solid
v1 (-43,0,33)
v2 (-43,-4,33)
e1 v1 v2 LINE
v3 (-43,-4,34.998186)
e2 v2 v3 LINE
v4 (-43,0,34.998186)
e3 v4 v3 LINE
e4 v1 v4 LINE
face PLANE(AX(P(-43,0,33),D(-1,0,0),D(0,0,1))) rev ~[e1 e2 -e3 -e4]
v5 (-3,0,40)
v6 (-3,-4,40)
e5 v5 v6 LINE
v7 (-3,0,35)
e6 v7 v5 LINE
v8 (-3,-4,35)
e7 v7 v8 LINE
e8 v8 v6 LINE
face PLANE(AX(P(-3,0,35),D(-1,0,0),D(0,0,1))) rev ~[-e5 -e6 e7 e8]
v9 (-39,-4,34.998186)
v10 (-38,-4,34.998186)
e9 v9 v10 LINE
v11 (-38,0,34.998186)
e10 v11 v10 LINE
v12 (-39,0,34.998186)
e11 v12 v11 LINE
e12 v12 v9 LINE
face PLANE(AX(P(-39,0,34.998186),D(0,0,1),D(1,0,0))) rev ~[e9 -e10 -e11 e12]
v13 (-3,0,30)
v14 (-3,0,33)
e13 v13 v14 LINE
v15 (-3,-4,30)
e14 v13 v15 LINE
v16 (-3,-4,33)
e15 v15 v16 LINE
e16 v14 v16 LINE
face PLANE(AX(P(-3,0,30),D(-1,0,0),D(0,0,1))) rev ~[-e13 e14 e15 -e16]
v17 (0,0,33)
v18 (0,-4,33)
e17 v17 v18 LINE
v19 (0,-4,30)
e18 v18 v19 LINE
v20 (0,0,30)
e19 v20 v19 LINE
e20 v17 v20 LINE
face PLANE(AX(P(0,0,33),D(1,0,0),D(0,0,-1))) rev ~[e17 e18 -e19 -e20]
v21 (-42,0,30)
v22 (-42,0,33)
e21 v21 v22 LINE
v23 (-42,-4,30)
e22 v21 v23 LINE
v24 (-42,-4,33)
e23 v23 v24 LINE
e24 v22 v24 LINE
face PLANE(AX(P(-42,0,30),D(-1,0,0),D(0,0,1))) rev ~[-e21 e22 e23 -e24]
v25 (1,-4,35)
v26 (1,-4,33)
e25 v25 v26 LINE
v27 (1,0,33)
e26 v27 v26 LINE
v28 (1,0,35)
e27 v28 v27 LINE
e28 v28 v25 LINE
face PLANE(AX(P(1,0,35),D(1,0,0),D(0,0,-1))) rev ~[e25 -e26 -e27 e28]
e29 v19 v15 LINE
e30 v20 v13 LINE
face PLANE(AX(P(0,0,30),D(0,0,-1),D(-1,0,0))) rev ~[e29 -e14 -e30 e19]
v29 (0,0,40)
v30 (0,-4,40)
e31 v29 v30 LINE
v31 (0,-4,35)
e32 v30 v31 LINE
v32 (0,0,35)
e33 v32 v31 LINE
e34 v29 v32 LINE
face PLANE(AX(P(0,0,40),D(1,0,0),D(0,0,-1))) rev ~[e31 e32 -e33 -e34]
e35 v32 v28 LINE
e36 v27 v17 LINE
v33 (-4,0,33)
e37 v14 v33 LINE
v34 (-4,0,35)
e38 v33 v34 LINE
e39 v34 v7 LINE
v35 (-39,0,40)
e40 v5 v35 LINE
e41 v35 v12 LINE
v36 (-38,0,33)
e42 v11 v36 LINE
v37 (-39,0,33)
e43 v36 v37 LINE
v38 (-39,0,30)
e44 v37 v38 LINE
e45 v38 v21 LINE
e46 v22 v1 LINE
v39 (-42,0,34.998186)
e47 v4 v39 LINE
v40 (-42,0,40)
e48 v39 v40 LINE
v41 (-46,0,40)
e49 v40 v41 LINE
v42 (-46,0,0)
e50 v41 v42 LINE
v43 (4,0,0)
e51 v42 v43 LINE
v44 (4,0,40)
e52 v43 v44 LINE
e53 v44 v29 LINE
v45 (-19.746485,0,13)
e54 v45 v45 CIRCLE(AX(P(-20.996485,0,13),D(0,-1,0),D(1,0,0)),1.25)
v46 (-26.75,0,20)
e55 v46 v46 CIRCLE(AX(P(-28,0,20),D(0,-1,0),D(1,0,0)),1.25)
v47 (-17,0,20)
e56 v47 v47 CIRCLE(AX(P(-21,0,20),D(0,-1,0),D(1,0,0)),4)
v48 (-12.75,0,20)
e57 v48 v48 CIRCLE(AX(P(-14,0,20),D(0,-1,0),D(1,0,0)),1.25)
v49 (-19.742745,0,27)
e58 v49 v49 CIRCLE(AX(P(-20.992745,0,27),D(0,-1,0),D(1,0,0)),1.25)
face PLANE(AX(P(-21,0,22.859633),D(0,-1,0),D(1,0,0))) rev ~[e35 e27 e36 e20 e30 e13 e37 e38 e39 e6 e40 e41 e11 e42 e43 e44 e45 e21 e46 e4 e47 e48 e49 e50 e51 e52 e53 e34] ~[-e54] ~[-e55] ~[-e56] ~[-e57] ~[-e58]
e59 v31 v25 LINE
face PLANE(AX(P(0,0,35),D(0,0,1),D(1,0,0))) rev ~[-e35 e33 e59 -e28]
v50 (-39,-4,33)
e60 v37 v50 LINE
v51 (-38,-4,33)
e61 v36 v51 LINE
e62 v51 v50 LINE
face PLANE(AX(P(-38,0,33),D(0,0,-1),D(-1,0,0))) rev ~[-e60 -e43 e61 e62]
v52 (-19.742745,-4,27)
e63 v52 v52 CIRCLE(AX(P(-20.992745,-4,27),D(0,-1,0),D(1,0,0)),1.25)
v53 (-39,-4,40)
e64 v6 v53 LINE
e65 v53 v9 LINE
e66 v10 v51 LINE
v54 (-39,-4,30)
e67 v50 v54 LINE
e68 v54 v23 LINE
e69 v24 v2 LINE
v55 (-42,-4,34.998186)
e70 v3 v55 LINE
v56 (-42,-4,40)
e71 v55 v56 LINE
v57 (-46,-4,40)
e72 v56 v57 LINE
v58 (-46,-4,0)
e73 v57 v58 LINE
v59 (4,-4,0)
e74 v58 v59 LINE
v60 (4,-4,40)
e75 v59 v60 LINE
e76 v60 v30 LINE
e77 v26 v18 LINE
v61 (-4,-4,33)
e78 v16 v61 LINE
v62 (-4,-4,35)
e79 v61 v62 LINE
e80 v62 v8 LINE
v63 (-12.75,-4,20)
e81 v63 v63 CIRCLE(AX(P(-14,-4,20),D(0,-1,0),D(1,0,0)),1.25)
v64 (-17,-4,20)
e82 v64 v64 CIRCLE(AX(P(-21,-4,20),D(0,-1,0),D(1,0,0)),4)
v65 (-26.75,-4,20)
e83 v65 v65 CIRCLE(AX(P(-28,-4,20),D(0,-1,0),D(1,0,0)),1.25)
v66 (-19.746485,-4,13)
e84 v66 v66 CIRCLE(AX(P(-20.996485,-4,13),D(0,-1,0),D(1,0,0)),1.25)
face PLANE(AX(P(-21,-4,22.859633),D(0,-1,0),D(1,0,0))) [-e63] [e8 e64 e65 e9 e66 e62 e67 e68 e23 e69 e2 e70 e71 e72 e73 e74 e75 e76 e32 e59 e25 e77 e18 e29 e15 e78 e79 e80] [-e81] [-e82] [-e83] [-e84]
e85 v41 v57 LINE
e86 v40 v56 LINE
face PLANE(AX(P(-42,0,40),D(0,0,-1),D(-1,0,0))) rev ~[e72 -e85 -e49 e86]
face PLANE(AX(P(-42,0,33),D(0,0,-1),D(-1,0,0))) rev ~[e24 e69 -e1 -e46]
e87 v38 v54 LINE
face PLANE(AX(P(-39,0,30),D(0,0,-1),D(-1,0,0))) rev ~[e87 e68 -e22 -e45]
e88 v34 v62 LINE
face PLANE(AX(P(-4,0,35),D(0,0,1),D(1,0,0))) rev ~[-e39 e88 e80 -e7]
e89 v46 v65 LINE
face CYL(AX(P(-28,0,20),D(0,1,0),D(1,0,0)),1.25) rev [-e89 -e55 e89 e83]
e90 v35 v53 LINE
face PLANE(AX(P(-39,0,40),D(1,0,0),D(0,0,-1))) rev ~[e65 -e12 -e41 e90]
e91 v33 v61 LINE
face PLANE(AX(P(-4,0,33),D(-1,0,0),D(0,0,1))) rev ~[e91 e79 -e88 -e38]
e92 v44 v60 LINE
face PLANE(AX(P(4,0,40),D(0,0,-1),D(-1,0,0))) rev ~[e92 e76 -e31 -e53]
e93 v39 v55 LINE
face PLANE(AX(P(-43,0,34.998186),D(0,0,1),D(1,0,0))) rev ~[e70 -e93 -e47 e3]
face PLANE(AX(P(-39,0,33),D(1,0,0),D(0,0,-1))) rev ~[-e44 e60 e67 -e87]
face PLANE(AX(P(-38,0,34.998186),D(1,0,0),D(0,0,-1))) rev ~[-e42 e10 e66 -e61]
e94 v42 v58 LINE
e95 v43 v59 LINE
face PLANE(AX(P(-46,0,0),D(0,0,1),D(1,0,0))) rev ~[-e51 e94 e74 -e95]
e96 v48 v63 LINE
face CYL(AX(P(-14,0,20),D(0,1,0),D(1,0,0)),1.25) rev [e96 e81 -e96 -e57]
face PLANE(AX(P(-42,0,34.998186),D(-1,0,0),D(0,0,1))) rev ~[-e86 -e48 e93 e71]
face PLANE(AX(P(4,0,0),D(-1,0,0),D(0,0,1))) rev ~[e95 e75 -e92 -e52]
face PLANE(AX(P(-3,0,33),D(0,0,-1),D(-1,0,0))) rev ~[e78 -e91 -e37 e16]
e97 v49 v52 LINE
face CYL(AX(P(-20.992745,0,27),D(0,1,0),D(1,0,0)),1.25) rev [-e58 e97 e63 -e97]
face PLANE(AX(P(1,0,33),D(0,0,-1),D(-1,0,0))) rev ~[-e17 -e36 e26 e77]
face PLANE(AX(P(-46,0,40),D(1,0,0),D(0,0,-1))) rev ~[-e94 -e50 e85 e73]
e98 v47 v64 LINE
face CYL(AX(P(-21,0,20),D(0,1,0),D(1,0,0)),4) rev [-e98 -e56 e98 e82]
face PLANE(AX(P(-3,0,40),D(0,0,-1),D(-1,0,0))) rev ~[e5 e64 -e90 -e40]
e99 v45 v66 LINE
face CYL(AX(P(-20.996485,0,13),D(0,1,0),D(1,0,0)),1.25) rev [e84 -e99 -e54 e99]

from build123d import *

# Parameters (mm, degrees)
F0_R     = 1.25
F0_R_2   = 4
F1_DEPTH = 4


with BuildPart() as f1:
    # F0 (on Front) → F1 (new body)
    with BuildSketch(Plane.XZ):
        Polygon((-42, 40), (-46, 40), (-46, 0), (4, 0), (4, 35), (4, 40), (0, 40), (0, 35), (1, 35), (1, 33), (0, 33), (0, 30), (-3, 30), (-3, 33), (-4, 33), (-4, 35), (-3, 35), (-3, 40), (-39, 40), (-39, 34.998186), (-38, 34.998186), (-38, 33), (-39, 33), (-39, 30), (-42, 30), (-42, 33), (-43, 33), (-43, 34.998186), (-42, 34.998186), align=None)
        with Locations((-20.996485, 13)):
            Circle(F0_R, mode=Mode.SUBTRACT)
        with Locations((-28, 20)):
            Circle(F0_R, mode=Mode.SUBTRACT)
        with Locations((-21, 20)):
            Circle(F0_R_2, mode=Mode.SUBTRACT)
        with Locations((-14, 20)):
            Circle(F0_R, mode=Mode.SUBTRACT)
        with Locations((-20.992745, 27)):
            Circle(F0_R, mode=Mode.SUBTRACT)
    extrude(amount=F1_DEPTH)


solid = f1.part
